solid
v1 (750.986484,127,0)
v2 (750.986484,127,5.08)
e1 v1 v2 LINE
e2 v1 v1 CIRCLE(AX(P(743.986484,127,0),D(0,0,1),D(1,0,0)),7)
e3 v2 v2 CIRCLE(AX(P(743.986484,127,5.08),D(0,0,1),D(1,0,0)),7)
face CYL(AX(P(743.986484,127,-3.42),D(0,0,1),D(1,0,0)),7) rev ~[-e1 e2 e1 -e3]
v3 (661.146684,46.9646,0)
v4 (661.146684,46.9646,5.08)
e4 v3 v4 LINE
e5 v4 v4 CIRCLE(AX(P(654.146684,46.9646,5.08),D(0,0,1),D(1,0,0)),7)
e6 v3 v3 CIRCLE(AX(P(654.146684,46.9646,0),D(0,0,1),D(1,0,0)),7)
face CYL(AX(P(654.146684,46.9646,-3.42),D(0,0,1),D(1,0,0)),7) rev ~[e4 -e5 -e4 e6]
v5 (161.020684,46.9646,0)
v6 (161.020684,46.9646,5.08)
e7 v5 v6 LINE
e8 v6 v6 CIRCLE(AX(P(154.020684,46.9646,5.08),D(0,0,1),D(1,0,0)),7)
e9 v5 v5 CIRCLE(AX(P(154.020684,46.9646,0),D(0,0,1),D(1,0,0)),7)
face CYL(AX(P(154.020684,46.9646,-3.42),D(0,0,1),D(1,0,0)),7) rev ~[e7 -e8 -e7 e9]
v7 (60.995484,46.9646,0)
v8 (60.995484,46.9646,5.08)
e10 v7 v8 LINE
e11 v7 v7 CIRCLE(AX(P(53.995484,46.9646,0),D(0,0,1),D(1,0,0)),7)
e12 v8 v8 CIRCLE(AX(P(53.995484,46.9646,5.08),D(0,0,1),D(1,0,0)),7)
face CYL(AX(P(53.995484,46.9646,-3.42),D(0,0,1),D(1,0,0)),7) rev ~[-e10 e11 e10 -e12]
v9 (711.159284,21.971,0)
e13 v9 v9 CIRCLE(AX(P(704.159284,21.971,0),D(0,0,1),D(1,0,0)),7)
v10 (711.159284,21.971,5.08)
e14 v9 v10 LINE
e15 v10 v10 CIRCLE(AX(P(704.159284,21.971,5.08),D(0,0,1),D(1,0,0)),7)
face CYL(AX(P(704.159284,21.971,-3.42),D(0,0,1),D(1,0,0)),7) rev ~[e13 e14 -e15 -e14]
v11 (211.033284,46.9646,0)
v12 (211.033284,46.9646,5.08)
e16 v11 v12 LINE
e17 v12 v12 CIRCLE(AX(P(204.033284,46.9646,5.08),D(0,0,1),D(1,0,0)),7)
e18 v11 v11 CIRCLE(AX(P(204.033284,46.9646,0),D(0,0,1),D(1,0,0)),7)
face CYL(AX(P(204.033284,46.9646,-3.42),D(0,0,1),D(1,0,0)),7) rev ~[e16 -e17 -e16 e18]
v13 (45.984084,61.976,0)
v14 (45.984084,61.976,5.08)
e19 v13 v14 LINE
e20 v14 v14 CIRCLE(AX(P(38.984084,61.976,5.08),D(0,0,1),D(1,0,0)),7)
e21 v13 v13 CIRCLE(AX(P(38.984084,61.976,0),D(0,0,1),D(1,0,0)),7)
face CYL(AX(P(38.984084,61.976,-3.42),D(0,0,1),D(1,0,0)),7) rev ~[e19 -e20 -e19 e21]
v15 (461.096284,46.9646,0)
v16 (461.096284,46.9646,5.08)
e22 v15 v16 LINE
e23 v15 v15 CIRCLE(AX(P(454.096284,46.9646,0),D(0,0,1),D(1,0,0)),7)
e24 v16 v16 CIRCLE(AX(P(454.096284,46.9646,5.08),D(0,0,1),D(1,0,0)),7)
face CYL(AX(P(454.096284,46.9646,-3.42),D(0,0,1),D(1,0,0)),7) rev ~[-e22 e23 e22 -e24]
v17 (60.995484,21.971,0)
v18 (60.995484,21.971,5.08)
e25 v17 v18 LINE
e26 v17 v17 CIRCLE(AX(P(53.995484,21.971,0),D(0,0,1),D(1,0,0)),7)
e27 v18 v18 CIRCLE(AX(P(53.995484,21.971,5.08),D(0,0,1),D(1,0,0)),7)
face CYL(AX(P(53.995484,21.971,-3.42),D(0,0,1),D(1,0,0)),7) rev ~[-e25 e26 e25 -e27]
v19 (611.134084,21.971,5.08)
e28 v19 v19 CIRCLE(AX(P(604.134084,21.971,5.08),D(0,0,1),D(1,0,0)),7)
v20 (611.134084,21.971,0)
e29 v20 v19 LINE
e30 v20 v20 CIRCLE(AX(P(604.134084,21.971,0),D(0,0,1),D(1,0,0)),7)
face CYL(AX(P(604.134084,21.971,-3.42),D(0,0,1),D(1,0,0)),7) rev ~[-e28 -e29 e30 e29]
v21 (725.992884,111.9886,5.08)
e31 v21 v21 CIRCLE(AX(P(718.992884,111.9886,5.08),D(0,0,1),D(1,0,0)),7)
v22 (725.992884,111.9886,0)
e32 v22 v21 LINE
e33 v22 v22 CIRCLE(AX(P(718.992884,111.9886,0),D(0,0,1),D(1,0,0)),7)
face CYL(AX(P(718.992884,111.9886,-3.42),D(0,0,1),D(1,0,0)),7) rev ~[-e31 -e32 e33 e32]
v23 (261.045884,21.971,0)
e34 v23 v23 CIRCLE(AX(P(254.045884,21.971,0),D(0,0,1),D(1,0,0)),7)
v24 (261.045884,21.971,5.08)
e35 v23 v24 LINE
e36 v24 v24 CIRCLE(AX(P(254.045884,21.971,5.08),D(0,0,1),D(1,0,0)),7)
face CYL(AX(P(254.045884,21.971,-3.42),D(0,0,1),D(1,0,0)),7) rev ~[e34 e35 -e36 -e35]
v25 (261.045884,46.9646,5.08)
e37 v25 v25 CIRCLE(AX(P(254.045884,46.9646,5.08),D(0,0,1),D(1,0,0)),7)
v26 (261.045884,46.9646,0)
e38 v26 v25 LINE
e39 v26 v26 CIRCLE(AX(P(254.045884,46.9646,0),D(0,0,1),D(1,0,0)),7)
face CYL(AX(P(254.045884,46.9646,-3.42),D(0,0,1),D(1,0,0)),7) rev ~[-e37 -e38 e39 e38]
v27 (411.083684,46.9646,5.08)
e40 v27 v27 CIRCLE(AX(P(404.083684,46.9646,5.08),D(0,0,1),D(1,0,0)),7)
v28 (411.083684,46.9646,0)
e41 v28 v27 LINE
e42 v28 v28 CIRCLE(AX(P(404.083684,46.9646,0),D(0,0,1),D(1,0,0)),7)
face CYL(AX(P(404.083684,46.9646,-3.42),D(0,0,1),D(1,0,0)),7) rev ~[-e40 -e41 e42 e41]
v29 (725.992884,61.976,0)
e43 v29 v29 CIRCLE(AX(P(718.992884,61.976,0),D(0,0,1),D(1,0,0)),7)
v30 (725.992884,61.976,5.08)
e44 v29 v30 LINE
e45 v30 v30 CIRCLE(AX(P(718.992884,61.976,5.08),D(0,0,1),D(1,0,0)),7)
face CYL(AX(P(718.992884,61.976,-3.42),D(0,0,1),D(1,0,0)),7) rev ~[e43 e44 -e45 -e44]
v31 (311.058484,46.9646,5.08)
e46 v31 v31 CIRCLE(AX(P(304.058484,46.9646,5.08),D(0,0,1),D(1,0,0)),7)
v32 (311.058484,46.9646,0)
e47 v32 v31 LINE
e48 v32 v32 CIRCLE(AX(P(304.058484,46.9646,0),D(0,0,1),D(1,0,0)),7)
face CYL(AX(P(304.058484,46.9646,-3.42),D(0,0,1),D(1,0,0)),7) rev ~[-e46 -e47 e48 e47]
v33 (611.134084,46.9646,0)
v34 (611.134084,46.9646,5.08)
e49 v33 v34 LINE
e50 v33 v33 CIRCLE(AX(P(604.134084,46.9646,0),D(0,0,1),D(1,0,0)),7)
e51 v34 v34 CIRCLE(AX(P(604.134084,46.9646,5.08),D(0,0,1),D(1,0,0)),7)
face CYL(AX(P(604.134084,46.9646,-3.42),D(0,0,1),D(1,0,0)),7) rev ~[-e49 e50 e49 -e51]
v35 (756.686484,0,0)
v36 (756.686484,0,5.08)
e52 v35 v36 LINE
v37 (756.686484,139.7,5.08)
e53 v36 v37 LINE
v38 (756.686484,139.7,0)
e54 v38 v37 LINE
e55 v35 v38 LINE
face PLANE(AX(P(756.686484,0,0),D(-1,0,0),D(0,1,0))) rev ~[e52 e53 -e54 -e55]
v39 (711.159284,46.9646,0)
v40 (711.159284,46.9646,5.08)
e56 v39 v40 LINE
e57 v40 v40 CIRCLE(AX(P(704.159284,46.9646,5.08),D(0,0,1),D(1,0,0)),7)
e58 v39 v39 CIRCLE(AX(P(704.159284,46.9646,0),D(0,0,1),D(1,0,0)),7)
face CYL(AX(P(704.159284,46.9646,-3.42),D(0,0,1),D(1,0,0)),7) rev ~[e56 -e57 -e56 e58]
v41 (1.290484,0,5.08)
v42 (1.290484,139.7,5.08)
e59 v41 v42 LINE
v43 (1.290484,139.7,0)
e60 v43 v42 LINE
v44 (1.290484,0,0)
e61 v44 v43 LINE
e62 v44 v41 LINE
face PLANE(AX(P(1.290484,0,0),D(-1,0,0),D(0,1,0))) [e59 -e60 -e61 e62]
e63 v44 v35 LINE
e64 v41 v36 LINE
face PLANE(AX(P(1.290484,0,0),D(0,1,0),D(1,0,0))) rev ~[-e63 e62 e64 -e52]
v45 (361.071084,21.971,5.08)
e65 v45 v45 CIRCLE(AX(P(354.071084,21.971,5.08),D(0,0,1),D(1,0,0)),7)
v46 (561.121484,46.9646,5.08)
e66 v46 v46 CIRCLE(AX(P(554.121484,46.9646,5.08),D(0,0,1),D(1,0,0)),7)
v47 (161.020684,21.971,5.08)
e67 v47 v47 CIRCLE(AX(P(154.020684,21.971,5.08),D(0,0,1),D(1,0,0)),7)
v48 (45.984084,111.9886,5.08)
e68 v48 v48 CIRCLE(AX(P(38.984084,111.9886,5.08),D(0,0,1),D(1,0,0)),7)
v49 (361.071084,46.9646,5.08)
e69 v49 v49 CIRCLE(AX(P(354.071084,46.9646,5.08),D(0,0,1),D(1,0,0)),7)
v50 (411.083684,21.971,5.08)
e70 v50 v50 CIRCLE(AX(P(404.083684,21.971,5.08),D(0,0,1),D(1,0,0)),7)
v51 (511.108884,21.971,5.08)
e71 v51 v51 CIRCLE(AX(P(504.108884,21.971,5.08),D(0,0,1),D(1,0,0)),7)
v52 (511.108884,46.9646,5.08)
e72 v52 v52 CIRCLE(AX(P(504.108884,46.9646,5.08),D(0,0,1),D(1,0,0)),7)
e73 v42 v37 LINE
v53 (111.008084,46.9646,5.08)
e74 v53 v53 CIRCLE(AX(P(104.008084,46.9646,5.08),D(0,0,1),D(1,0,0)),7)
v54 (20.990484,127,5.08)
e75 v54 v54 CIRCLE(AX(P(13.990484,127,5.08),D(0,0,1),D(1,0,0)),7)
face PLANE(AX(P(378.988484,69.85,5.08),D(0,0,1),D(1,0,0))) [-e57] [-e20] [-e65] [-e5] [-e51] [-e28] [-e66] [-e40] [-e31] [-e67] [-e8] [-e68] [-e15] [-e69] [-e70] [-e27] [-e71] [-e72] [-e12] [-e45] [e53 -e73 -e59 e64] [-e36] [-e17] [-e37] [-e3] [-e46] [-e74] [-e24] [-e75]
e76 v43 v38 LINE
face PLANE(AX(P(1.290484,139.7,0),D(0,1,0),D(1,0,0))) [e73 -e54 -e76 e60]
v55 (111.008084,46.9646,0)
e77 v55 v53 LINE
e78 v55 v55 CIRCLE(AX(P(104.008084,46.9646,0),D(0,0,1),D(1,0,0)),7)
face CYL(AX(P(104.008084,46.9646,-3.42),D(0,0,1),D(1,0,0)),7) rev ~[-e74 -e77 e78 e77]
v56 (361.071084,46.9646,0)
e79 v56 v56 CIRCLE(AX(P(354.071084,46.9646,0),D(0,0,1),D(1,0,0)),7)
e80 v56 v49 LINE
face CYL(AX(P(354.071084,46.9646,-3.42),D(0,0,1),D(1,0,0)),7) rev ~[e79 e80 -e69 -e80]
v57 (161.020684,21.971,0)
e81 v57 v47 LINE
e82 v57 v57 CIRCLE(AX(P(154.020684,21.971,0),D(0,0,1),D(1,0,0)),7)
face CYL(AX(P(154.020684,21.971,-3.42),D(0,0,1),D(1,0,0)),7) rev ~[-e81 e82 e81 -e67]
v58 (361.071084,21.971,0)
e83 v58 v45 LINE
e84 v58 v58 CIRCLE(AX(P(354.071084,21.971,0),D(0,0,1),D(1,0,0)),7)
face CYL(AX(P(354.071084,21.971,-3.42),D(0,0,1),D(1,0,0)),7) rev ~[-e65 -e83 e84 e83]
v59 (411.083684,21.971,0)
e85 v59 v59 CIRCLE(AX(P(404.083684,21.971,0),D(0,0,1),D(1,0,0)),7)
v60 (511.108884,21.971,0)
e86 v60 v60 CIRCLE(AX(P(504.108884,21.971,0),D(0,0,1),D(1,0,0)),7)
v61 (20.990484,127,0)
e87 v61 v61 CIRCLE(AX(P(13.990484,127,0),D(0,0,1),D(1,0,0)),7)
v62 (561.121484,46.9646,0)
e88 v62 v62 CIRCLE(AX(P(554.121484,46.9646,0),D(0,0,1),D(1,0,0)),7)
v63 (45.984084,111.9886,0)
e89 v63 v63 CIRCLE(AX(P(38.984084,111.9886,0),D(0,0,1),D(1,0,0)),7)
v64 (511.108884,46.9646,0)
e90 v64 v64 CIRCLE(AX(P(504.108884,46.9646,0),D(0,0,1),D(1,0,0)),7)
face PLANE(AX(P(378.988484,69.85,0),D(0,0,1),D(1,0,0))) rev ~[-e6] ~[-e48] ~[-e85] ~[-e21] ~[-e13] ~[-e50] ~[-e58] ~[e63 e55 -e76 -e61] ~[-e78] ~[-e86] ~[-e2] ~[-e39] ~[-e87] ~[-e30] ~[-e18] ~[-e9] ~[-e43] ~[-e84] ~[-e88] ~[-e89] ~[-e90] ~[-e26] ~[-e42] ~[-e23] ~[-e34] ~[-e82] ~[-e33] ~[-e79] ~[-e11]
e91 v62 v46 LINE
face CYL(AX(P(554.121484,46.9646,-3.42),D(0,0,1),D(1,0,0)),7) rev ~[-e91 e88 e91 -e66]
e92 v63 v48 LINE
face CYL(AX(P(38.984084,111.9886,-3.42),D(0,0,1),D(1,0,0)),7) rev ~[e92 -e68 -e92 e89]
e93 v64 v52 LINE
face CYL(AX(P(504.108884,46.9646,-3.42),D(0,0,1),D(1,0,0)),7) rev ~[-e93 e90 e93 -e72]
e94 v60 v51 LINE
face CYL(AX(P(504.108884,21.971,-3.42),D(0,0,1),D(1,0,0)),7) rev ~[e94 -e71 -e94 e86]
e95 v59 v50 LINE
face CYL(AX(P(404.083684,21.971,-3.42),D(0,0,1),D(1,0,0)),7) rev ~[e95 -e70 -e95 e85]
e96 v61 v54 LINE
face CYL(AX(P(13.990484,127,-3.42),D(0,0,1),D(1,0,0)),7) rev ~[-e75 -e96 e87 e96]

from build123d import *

# Parameters (mm, degrees)
F0_W           = 755.396
F0_H           = 139.7
F1_DEPTH       = 5.08
F3_D           = 8.5
F3_CBORE_D     = 14
F3_CBORE_DEPTH = 8.5


with BuildPart() as f1:
    # F0 (on Top) → F1 (new body)
    with BuildSketch(Plane.XY):
        with Locations((378.988484, 69.85)):
            Rectangle(F0_W, F0_H)
    extrude(amount=F1_DEPTH)

    # F3 (through all)
    with Locations(Plane.XY.offset(5.08)):
        with Locations((13.990484, 127), (38.984084, 111.9886), (38.984084, 61.976), (53.995484, 46.9646), (53.995484, 21.971), (104.008084, 46.9646), (154.020684, 21.971), (154.020684, 46.9646), (204.033284, 46.9646), (254.045884, 21.971), (254.045884, 46.9646), (304.058484, 46.9646), (354.071084, 46.9646), (354.071084, 21.971), (404.083684, 21.971), (404.083684, 46.9646), (454.096284, 46.9646), (504.108884, 21.971), (504.108884, 46.9646), (554.121484, 46.9646), (604.134084, 46.9646), (604.134084, 21.971), (743.986484, 127), (718.992884, 111.9886), (718.992884, 61.976), (704.159284, 46.9646), (704.159284, 21.971), (654.146684, 46.9646)):
            CounterBoreHole(F3_D / 2, F3_CBORE_D / 2, F3_CBORE_DEPTH)


solid = f1.part
